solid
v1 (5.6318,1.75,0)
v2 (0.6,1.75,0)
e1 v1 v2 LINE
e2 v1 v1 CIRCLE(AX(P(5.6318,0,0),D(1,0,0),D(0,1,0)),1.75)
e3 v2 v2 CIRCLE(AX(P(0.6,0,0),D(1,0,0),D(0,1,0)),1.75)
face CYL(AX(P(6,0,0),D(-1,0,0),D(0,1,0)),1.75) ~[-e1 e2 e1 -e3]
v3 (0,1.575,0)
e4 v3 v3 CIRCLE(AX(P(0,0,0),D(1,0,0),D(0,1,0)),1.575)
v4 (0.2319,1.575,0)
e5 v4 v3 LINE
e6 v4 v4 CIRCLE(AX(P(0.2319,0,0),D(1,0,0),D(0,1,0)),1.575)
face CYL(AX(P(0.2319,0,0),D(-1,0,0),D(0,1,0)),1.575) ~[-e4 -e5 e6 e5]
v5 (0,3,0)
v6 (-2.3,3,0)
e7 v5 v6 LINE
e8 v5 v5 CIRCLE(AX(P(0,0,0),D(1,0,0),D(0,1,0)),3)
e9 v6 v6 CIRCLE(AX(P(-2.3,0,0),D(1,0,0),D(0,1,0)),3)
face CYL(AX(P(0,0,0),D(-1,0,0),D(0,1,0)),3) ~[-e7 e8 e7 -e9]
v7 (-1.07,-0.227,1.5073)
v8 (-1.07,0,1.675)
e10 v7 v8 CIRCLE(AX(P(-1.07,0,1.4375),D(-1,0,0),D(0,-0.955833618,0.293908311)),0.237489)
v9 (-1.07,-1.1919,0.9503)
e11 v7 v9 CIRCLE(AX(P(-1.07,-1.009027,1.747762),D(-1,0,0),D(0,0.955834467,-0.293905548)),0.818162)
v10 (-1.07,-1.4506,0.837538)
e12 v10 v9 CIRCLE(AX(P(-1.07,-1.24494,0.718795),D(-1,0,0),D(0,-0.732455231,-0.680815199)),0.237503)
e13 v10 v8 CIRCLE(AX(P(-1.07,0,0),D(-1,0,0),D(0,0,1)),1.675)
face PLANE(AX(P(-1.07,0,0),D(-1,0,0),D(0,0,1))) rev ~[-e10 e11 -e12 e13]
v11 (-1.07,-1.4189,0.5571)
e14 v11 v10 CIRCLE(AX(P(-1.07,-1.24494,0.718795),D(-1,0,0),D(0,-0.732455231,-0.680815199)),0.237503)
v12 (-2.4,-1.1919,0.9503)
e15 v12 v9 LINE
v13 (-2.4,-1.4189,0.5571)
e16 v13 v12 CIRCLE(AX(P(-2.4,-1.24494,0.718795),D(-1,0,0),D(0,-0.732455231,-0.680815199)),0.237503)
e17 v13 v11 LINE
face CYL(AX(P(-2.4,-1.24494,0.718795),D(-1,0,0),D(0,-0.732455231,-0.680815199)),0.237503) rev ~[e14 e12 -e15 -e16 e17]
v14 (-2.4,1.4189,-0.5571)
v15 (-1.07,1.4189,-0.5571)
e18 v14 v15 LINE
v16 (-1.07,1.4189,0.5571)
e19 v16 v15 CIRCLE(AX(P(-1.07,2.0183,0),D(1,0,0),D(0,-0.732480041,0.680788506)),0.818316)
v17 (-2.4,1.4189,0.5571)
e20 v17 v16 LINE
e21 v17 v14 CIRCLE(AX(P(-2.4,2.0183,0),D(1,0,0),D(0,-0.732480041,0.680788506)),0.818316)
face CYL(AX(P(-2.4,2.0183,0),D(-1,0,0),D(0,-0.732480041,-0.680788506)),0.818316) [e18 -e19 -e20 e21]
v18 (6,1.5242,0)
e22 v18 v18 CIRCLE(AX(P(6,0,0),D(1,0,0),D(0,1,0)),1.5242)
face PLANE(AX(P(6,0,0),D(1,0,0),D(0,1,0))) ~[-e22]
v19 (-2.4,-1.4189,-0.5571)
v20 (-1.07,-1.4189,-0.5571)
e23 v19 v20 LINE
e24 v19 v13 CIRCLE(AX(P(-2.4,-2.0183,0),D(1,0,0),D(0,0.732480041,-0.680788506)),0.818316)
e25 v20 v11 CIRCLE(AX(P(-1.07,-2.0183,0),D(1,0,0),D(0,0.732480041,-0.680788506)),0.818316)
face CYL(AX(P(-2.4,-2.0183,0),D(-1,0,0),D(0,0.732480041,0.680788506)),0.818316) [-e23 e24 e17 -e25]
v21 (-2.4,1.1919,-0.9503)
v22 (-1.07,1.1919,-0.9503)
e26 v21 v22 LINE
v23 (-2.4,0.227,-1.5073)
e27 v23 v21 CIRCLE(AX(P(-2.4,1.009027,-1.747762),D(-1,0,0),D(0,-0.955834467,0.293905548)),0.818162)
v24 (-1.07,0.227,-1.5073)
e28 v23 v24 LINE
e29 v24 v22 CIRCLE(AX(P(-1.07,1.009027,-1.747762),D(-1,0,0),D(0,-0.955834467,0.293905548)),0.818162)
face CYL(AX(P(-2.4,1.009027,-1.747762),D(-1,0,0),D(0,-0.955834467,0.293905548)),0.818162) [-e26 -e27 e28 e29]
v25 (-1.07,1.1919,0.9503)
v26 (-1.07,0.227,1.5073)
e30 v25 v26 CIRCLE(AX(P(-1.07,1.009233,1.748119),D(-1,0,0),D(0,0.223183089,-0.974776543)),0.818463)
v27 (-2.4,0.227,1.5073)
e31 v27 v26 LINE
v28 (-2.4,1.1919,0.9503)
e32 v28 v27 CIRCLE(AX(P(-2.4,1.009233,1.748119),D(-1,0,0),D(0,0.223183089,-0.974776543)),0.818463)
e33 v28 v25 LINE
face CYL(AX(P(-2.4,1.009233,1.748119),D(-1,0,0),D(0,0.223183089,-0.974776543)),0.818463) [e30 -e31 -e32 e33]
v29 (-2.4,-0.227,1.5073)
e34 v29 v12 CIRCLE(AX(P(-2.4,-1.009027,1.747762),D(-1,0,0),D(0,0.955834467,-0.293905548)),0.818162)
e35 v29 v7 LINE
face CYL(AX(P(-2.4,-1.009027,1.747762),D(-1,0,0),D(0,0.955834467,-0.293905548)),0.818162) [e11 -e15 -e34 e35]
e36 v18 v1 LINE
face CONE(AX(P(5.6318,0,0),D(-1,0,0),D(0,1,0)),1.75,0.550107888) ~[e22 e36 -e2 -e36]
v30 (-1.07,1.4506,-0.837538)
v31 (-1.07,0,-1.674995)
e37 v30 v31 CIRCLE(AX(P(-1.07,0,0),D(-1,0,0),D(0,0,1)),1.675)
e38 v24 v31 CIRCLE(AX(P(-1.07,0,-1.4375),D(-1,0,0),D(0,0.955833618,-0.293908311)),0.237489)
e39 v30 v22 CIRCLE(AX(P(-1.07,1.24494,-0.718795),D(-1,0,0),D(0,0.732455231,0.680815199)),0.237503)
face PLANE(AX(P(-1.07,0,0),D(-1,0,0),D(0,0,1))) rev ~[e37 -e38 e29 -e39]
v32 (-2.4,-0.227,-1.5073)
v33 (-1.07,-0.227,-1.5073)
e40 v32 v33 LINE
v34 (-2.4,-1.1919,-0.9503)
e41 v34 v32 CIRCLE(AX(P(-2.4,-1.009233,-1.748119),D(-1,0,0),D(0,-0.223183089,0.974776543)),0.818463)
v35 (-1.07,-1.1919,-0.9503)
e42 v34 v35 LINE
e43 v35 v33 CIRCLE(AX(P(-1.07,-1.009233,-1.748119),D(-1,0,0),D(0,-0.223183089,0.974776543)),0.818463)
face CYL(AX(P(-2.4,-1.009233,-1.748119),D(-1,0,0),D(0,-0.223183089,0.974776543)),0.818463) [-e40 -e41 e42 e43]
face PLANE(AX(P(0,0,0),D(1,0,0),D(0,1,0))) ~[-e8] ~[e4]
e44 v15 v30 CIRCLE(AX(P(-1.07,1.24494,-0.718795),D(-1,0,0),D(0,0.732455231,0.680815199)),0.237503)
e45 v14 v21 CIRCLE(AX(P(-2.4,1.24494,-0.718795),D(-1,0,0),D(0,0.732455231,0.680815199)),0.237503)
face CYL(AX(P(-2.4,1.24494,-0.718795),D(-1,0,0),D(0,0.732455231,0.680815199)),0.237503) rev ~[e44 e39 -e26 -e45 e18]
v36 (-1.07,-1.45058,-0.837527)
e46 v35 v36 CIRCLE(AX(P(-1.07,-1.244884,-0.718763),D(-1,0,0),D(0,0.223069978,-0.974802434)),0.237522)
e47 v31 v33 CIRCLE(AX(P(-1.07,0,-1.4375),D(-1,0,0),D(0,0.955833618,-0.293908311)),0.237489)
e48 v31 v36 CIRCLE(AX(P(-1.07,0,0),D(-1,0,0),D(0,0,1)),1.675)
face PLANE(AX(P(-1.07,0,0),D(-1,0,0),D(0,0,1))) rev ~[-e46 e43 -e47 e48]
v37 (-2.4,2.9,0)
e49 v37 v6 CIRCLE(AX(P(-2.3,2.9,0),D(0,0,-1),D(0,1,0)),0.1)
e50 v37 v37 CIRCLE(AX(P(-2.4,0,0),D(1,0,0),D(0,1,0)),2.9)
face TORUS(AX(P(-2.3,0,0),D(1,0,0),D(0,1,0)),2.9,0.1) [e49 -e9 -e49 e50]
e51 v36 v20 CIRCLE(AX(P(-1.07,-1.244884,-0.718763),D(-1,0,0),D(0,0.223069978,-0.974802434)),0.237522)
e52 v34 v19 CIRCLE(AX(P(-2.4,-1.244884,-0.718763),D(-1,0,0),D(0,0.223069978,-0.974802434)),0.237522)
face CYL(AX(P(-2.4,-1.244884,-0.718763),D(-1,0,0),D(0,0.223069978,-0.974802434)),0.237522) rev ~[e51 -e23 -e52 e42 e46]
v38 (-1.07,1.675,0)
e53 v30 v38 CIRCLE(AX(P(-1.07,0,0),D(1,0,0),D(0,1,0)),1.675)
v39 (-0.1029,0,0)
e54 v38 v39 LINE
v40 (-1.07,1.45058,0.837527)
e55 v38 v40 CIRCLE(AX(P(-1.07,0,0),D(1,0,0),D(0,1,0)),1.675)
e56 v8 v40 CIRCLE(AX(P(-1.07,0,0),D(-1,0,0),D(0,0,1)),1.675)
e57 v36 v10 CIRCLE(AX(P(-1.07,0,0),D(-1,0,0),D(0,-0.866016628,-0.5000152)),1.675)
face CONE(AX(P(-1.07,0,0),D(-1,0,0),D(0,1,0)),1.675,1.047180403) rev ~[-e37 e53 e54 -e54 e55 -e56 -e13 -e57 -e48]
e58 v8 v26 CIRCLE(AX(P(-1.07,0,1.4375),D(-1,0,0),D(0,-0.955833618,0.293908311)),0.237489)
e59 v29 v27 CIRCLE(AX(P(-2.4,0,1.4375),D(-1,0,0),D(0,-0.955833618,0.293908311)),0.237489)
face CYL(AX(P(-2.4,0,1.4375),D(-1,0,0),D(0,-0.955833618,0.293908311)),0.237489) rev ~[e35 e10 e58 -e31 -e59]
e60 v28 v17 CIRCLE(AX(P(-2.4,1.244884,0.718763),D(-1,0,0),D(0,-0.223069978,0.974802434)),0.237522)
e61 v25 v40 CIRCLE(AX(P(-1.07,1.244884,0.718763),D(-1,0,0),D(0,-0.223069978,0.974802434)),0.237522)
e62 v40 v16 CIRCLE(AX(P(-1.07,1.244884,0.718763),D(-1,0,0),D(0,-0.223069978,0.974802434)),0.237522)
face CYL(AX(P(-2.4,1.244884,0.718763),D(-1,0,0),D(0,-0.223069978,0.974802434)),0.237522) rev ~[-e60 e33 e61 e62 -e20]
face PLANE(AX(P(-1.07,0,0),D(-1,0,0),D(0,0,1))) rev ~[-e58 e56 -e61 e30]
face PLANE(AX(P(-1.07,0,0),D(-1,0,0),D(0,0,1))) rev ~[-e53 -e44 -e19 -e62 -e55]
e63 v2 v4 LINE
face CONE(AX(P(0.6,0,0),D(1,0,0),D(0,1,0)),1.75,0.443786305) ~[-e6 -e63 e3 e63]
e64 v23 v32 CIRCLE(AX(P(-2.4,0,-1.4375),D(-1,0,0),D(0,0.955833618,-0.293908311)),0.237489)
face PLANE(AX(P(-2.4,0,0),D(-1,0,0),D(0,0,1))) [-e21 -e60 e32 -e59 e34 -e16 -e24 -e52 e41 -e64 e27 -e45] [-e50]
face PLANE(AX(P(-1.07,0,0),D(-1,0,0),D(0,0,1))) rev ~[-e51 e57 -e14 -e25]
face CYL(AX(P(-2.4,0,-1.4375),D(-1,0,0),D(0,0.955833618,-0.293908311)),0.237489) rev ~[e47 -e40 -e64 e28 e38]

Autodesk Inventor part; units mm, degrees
ref_plane "YZ Plane" through (0, 0, 0) normal (1, 0, 0) x (0, 1, 0)
ref_plane "XZ Plane" through (0, 0, 0) normal (0, 1, 0) x (-1, 0, 0)
sketch "Szkic1" plane through (0, 0, 0) normal (0, 0, 1) x (1, 0, 0)
  line L0 (-0.1029, 0) -> (6, 0)
  line L1 (6, 0) -> (6, 1.75)
  line L2 (6, 1.75) -> (0.6, 1.75)
  line L3 (0.6, 1.75) -> (0.2319, 1.575)
  line L4 (0.2319, 1.575) -> (0, 1.575)
  line L5 (0, 1.575) -> (0, 3)
  line L6 (0, 3) -> (-2.4, 3)
  line L7 (-2.4, 3) -> (-2.4, 1.675)
  line L8 (-2.4, 1.675) -> (-1.07, 1.675)
  line L9 (-1.07, 1.675) -> (-0.1029, 0)
  line L10 (-4.08, 0) -> (7.68, 0) projected
  line L11 (0, -0.6) -> (0, 3.6) projected
  line L12 (0.6, 1.75) -> (0, 1.75) construction
  dimension "d1" = 5.4
  dimension "d2" = 0.3681
  dimension "d3" = 2.4
  dimension "d4" = 1.33
  dimension "d5" = 60
  dimension "d6" = 3.5
  dimension "d7" = 3.15
  dimension "d8" = 3.35
  dimension "d9" = 6
  dimension "d20" = 6
revolve "Bryła" add sketch "Szkic1" angle 360 about axis through (-0.1029, 0, 0) along (1, 0, 0)
sketch "Szkic2" plane through (-2.4, 0, 0) normal (-1, 0, 0) x (0, 0, 1)
  line L0 (0, -4.2) -> (0, 4.2) projected
  line L1 (-4.2, 0) -> (4.2, 0) projected
  circle A0 centre (0, 0) radius 1.675 construction
  circle A1 centre (0, 0) radius 1.2 construction
  line L2 (0, 0) -> (1.4506, 0.8375) construction
  line L3 (0, 0) -> (0.8375, 1.4506) construction
  arc A2 (0.9503, 1.1919) -> (0.5571, 1.4189) centre (0.7188, 1.2449) ccw
  arc A3 (0.9503, 1.1919) -> (1.5073, 0.227) centre (1.7479, 1.0092) ccw
  arc A4 (1.5073, -0.227) -> (1.5073, 0.227) centre (1.4375, 0) ccw
  arc A5 (1.5073, -0.227) -> (0.9503, -1.1919) centre (1.7479, -1.0092) ccw
  arc A6 (-0.5571, 1.4189) -> (0.5571, 1.4189) centre (0, 2.0183) ccw
  arc A7 (-0.5571, 1.4189) -> (-0.9503, 1.1919) centre (-0.7188, 1.2449) ccw
  arc A8 (-1.5073, 0.227) -> (-0.9503, 1.1919) centre (-1.7479, 1.0092) ccw
  arc A9 (-1.5073, 0.227) -> (-1.5073, -0.227) centre (-1.4375, 0) ccw
  arc A10 (-0.9503, -1.1919) -> (-1.5073, -0.227) centre (-1.7479, -1.0092) ccw
  arc A11 (0.5571, -1.4189) -> (0.9503, -1.1919) centre (0.7188, -1.2449) ccw
  arc A12 (0.5571, -1.4189) -> (-0.5571, -1.4189) centre (0, -2.0183) ccw
  arc A13 (-0.9503, -1.1919) -> (-0.5571, -1.4189) centre (-0.7188, -1.2449) ccw
  circle A14 centre (0, 0) radius 1.675 projected
  dimension "d34" = 30
  dimension "d35" = 60
  dimension "d36" = 2.4
  dimension "d37" = 3.35
  dimension "d38" = 0.2375
extrude "Szczelina" add sketch "Szkic2" against normal blind 1.33 contours A14 A13 A12 L0 | L0 A12 A11 A14 | A14 A9 A10 A13 | A11 A5 A4 A14 | A14 A7 A8 A9 | A4 A3 A2 A14 | A6 A7 A14 L0 | L0 A14 A2 A6
fillet "Zaokrąglenie1" radius 0.1 1 edges at (-2.4, -3, 0)
thread "Gwint" size "M3.5x0.6" class "6g" standard "ISO Metric profile" length 5.4
chamfer "Faza1" distance 0.2258 distance2 0.3682 1 edges at (6, -1.75, 0) measured on face at (6, -0.5419, -0.4801)
ref_plane "Work Plane1" through (3.3, 0, 0) normal (0, -0.6362, -0.7715) x (1, 0, 0)
equation "\"d1\" = GEL"
equation "\"d2\" = GAL"
equation "\"d3\" = KOH"
equation "\"d4\" = INTI"
equation "\"d6\" = GD"
equation "\"d7\" = BDM"
equation "\"d8\" = SW"
equation "\"d9\" = KOD"
equation "\"d20\" = NLG"
equation "\"d36\" = E0"
equation "\"d37\" = SW"
equation "\"d38\" = -0.25 * E0 + 0.25 * SW"
equation "\"d11\" = INTI"
equation "\"d17\" = RR"
equation "\"d13\" = GEL"
equation "\"d15\" = -0.5 * SPD + 0.5 * GD"
equation "\"GD\" = NND"
equation "\"NLG\" = 6"
equation "\"GEL\" = 5.4"
equation "\"KOD\" = 6"
equation "\"KOH\" = 2.4"
equation "\"INTI\" = 1.33"
equation "\"GAL\" = 0.61345 * PTC"
equation "\"GUL\" = 0.61345 * PTC"
equation "\"BDM\" = 3.15"
equation "\"SW\" = 3.35"
equation "\"RR\" = 0.1"
equation "\"SPD\" = NND - 1.2269 * GAL"
equation "\"E0\" = 2.4"
equation "\"TOA\" = 30deg"
equation "\"GD1\" = THREADDIA - 1.2269 * PTC"
equation "\"THREADDIA\" = 3.5"
equation "\"PTC\" = 0.6"
equation "\"NND\" = 3.5"
equation "\"RRK\" = 0.26"
properties part number "NF E 25-111 - M3.5x6 Klasa właściwości 4.8" material "Stal, miękka"
